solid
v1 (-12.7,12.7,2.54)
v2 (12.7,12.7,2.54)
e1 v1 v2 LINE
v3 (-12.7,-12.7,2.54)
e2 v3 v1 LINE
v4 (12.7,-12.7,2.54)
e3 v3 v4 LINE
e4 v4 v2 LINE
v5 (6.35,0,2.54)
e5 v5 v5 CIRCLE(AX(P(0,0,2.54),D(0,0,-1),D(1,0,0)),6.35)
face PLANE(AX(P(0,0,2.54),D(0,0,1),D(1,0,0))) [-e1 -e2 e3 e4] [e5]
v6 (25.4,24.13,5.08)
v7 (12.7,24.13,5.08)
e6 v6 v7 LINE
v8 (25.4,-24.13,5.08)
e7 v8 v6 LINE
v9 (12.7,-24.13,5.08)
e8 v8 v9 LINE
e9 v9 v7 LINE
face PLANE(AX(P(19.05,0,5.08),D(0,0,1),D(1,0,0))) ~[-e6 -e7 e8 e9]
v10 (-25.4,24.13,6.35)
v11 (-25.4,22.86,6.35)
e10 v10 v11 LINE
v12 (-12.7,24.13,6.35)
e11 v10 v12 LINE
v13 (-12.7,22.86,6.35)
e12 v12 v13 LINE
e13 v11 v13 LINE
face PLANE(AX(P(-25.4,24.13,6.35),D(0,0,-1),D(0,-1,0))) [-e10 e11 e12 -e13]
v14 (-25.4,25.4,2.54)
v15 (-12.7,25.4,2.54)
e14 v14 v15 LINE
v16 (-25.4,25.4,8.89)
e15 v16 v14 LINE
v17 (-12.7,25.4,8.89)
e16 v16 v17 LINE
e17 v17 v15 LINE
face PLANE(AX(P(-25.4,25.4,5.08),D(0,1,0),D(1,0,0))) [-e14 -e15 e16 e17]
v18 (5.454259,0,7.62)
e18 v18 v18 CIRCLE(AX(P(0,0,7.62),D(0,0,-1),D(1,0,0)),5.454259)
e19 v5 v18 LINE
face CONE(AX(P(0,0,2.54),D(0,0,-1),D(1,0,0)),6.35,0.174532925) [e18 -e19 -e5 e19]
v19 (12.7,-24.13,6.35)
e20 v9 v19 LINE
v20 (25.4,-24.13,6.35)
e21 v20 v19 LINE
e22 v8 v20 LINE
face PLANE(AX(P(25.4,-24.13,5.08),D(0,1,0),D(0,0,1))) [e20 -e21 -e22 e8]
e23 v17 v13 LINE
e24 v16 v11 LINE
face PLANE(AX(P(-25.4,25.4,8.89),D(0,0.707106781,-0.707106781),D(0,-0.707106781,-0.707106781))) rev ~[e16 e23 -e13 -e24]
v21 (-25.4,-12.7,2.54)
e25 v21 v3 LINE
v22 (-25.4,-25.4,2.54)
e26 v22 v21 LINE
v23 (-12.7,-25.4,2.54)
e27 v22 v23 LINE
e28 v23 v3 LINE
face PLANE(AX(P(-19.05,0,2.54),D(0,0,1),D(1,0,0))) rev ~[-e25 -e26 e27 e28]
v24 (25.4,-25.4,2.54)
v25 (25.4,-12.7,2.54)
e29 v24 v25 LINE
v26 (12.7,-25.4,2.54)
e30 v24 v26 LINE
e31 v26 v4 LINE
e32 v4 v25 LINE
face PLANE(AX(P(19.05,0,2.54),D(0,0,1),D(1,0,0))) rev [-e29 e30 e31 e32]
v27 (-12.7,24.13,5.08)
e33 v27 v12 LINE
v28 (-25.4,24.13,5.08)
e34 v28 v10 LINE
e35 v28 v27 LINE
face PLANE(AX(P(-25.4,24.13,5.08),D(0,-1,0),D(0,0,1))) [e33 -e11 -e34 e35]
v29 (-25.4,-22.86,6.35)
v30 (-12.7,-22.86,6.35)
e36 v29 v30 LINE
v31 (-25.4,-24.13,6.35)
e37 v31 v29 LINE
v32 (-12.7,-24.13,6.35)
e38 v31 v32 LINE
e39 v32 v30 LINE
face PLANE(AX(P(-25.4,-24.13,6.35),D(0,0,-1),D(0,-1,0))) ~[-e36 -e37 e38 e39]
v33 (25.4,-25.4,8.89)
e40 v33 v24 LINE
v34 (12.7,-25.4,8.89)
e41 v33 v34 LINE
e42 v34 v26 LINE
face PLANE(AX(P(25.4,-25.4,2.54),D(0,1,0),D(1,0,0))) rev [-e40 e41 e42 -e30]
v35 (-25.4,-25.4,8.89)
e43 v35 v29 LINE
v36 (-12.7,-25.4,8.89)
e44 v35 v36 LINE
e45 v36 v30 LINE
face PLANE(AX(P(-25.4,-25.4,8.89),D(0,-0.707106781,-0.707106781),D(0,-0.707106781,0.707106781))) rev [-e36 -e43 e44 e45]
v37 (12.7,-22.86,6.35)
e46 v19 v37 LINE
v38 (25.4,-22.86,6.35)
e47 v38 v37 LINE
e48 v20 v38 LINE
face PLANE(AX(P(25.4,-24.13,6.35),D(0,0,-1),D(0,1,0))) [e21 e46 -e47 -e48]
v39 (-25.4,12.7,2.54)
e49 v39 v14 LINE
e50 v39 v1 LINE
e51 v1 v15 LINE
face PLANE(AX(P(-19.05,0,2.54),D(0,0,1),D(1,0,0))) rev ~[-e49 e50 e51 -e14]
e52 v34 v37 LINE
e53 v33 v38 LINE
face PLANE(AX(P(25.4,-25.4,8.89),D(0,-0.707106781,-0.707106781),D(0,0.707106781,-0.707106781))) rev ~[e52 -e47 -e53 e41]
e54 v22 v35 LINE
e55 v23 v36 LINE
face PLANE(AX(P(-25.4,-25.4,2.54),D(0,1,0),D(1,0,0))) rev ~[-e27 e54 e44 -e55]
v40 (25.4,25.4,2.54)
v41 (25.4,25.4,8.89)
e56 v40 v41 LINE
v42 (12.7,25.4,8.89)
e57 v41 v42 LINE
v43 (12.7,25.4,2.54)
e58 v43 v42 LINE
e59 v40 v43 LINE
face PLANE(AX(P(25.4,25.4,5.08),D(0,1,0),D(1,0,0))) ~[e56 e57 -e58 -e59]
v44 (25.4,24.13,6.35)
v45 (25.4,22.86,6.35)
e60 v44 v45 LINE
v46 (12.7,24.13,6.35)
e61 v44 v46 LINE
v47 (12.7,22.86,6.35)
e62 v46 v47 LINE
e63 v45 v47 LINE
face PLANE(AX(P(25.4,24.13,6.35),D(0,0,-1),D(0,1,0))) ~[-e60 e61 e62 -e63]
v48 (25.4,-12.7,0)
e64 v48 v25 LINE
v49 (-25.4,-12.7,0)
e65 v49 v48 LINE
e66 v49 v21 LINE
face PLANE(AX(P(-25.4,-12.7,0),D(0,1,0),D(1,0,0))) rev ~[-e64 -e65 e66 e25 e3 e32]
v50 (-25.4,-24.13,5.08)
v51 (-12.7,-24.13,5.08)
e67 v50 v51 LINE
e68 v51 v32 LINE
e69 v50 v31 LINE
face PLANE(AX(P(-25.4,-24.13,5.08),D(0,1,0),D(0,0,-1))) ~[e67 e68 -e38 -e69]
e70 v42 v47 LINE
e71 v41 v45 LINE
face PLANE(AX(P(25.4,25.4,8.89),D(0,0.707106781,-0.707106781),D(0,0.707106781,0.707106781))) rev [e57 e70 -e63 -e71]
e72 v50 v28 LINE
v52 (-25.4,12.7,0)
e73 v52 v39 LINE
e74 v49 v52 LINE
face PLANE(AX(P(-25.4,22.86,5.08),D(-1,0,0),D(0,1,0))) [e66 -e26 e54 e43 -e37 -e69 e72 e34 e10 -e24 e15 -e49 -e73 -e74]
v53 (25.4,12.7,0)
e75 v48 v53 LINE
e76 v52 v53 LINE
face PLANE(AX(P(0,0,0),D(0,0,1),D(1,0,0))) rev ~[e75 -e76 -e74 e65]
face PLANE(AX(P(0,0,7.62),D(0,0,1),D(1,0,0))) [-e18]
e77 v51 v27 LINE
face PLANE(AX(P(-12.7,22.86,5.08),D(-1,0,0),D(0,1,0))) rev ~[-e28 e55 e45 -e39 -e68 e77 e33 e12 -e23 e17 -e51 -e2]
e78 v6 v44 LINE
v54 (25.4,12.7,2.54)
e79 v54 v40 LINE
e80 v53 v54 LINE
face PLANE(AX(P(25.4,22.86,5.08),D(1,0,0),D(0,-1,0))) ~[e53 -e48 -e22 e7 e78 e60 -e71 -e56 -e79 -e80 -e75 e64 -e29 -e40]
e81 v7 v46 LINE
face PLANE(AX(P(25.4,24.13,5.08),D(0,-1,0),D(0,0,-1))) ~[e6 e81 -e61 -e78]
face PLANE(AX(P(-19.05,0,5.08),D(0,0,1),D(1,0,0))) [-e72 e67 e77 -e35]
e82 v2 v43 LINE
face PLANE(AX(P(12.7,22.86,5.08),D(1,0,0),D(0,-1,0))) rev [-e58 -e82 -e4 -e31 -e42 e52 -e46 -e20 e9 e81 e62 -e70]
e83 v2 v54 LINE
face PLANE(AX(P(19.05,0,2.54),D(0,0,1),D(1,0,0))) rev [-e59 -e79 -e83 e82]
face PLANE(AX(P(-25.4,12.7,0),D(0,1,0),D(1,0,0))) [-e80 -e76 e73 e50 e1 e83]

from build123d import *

# Parameters (mm, degrees)
F0_W      = 50.8
F0_H      = 25.4
F1_DEPTH  = 2.54
F2_W      = 12.7
F2_H      = 50.8
F3_DEPTH  = 2.54
F4_W      = 12.7
F4_H      = 2.54
F5_DEPTH  = 3.81
F6_W      = 1.27
F6_H      = 1.27
F7_DEPTH  = 25.4
F10_R     = 6.35
F11_DEPTH = 5.08
F11_TAPER = 10


with BuildPart() as f1:
    # F0 (on Top) → F1 (new body)
    with BuildSketch(Plane.XY):
        Rectangle(F0_W, F0_H)
    extrude(amount=F1_DEPTH)

    # F2 (on face) → F3 (join)
    with BuildSketch(Plane.XY.offset(2.54)):
        with Locations((-19.05, 0)):
            Rectangle(F2_W, F2_H)
    extrude(amount=F3_DEPTH)

    # F4 (on face) → F5 (join)
    with BuildSketch(Plane.XY.offset(5.08)):
        with Locations((-19.05, 24.13)):
            Rectangle(F4_W, F4_H)
    extrude(amount=F5_DEPTH)

    # F6 (on face) → F7 (cut)
    with BuildSketch(Plane(origin=(-25.4, 0, 0), x_dir=(0, -1, 0), z_dir=(-1, 0, 0))):
        Polygon((-22.86, 8.89), (-25.4, 8.89), (-22.86, 6.35), align=None)
        with Locations((-23.495, 5.715)):
            Rectangle(F6_W, F6_H)
    extrude(amount=-F7_DEPTH, mode=Mode.SUBTRACT)


with BuildPart() as f8_1:
    # F8: instance of F1
    add(f1.part.mirror(Plane.XZ))


with BuildPart() as f9_1:
    # F9: instance of F1
    add(f1.part.mirror(Plane.YZ))


with BuildPart() as f9_2:
    # F9: instance of F8_1
    add(f8_1.part.mirror(Plane.YZ))


with BuildPart() as f1_1:
    add(f1.part)

    add(f8_1.part)  # F11 merges F8_1

    add(f9_1.part)  # F11 merges F9_1

    add(f9_2.part)  # F11 merges F9_2
    # F10 (on face) → F11 (join)
    with BuildSketch(Plane.XY.offset(2.54)):
        Circle(F10_R)
    extrude(amount=F11_DEPTH, taper=F11_TAPER)


solid = f1_1.part
